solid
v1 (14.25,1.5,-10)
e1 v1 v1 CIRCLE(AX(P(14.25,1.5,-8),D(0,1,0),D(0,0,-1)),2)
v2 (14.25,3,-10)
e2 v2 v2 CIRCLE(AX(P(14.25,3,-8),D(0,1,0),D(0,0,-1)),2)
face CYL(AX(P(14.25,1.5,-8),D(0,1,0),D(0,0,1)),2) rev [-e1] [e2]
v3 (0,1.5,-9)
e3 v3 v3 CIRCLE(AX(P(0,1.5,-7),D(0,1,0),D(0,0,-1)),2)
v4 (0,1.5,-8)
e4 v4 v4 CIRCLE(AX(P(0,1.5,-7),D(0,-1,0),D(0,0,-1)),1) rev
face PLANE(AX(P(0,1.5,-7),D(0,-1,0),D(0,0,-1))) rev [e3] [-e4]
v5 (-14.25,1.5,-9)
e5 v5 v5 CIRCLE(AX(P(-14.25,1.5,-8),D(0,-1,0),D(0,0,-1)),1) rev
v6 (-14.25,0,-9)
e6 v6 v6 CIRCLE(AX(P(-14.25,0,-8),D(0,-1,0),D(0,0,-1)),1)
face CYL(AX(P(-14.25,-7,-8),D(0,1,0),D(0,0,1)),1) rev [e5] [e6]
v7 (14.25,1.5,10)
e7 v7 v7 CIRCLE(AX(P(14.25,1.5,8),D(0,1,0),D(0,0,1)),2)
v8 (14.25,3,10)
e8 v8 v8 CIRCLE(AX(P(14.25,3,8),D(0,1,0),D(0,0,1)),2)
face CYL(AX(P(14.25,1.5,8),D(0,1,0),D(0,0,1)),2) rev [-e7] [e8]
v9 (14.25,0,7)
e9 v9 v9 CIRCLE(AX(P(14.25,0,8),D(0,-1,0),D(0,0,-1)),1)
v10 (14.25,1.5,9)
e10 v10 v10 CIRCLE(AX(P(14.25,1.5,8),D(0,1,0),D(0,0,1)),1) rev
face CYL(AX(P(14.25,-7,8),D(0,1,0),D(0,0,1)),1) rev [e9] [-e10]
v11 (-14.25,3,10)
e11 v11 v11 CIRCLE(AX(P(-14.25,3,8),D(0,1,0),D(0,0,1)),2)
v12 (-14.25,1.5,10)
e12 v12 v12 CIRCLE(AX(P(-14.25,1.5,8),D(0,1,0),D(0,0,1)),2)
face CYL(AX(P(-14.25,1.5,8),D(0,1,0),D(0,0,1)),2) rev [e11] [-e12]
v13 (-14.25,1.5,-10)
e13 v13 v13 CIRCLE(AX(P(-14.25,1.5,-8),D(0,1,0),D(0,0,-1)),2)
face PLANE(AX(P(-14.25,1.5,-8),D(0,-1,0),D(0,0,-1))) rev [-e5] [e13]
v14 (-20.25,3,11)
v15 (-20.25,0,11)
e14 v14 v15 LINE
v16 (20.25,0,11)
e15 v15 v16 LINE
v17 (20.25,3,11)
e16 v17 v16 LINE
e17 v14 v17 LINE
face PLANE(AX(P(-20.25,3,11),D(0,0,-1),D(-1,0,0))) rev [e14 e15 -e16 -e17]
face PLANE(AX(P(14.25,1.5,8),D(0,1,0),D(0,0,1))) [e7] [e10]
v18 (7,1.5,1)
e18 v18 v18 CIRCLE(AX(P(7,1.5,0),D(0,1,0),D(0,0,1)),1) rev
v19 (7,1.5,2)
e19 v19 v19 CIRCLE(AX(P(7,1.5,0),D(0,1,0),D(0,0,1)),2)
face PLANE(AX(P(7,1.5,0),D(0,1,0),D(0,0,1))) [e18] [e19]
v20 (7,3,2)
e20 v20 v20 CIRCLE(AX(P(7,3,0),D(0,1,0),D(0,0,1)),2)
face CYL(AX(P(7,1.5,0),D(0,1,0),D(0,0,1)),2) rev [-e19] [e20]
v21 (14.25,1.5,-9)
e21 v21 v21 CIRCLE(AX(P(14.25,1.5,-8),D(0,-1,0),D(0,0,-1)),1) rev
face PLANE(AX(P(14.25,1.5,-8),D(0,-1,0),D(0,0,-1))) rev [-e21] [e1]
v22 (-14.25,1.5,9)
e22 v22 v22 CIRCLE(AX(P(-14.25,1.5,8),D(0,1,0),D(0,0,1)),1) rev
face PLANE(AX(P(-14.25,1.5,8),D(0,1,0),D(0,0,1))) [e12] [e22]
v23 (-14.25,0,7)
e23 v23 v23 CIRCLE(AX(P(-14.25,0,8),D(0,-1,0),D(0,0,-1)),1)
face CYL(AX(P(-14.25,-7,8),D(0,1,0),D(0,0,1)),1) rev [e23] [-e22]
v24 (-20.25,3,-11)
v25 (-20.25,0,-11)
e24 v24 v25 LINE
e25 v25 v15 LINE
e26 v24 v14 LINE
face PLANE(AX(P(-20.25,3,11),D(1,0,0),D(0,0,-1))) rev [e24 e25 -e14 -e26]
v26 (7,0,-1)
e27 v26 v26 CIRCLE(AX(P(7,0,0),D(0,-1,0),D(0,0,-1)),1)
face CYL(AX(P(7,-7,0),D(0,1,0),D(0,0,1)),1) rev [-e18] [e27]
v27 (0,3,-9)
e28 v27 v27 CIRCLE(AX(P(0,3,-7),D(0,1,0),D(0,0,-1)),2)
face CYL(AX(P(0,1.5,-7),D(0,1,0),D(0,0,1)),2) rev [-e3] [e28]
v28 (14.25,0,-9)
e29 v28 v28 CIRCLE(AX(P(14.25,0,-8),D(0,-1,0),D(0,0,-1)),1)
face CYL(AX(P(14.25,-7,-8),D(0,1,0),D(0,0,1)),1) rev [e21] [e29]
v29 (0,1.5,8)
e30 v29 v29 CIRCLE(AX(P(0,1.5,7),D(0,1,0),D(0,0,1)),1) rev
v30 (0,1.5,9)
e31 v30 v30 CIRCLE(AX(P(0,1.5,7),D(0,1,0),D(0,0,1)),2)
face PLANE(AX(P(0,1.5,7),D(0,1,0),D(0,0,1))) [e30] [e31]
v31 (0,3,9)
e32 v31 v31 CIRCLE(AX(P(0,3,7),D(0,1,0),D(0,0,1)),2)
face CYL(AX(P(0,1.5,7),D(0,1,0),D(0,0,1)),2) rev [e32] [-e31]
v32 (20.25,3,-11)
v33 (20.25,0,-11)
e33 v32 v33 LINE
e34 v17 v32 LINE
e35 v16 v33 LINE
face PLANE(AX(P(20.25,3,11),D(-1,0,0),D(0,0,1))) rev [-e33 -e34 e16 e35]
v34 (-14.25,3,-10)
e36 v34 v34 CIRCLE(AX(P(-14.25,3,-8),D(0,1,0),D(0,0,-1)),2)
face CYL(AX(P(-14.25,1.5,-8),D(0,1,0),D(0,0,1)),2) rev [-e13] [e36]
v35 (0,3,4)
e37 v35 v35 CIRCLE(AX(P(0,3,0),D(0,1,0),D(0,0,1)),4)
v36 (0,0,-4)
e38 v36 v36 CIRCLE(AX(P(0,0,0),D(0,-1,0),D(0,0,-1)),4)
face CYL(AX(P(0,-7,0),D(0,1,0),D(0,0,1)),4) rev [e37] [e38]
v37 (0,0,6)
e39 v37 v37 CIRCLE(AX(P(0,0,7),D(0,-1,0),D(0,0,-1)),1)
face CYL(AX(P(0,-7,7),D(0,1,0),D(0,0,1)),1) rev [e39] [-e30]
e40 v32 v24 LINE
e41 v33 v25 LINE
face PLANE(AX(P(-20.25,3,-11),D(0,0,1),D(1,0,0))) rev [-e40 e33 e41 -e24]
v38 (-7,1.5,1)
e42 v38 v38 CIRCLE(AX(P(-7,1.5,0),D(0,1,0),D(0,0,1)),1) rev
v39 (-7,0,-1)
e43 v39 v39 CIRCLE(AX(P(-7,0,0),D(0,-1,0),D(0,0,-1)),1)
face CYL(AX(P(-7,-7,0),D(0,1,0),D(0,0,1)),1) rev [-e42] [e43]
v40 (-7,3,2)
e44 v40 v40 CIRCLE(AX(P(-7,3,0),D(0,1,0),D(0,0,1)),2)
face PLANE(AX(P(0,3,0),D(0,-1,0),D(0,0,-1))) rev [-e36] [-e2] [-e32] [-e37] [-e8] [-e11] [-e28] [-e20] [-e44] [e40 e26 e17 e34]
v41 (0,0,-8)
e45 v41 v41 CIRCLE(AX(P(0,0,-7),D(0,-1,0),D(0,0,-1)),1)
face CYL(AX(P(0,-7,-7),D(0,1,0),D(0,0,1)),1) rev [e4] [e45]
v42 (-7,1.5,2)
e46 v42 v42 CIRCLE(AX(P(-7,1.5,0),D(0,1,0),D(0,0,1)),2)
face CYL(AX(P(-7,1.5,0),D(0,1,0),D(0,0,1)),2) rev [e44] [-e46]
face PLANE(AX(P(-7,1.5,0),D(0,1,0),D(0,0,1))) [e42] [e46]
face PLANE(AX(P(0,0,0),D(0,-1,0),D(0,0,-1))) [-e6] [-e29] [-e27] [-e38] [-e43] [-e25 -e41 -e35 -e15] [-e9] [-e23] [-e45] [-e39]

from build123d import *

# Parameters (mm, degrees)
SKETCH1_W           = 40.5
SKETCH1_H           = 22
BOSS_EXTRUDE1_DEPTH = 3
SKETCH2_R           = 1
CUT_EXTRUDE1_DEPTH  = 10
SKETCH3_R           = 4
CUT_EXTRUDE2_DEPTH  = 10
SKETCH4_R           = 1
CUT_EXTRUDE3_DEPTH  = 10
SKETCH5_R           = 2
CUT_EXTRUDE4_DEPTH  = 1.5


with BuildPart() as part:
    # Sketch1 → Boss-Extrude1 (new body)
    with BuildSketch(Plane(origin=(0, 0, 0), x_dir=(1, 0, 0), z_dir=(0, 1, 0))):
        Rectangle(SKETCH1_W, SKETCH1_H)
    extrude(amount=BOSS_EXTRUDE1_DEPTH)

    # Sketch2 → Cut-Extrude1 (cut)
    with BuildSketch(Plane(origin=(0, 3, 0), x_dir=(1, 0, 0), z_dir=(0, 1, 0))):
        with Locations((-14.25, 8)):
            Circle(SKETCH2_R)
        with Locations((-14.25, -8)):
            Circle(SKETCH2_R)
        with Locations((14.25, -8)):
            Circle(SKETCH2_R)
        with Locations((14.25, 8)):
            Circle(SKETCH2_R)
    extrude(amount=-CUT_EXTRUDE1_DEPTH, mode=Mode.SUBTRACT)

    # Sketch3 → Cut-Extrude2 (cut)
    with BuildSketch(Plane(origin=(0, 3, 0), x_dir=(1, 0, 0), z_dir=(0, 1, 0))):
        Circle(SKETCH3_R)
    extrude(amount=-CUT_EXTRUDE2_DEPTH, mode=Mode.SUBTRACT)

    # Sketch4 → Cut-Extrude3 (cut)
    with BuildSketch(Plane(origin=(0, 3, 0), x_dir=(1, 0, 0), z_dir=(0, 1, 0))):
        with Locations((0, 7)):
            Circle(SKETCH4_R)
        with Locations((7, 0)):
            Circle(SKETCH4_R)
        with Locations((0, -7)):
            Circle(SKETCH4_R)
        with Locations((-7, 0)):
            Circle(SKETCH4_R)
    extrude(amount=-CUT_EXTRUDE3_DEPTH, mode=Mode.SUBTRACT)

    # Sketch5 → Cut-Extrude4 (cut)
    with BuildSketch(Plane(origin=(0, 3, 0), x_dir=(1, 0, 0), z_dir=(0, 1, 0))):
        with Locations((14.25, 8)):
            Circle(SKETCH5_R)
        with Locations((0, 7)):
            Circle(SKETCH5_R)
        with Locations((-14.25, 8)):
            Circle(SKETCH5_R)
        with Locations((7, 0)):
            Circle(SKETCH5_R)
        with Locations((-7, 0)):
            Circle(SKETCH5_R)
        with Locations((-14.25, -8)):
            Circle(SKETCH5_R)
        with Locations((0, -7)):
            Circle(SKETCH5_R)
        with Locations((14.25, -8)):
            Circle(SKETCH5_R)
    extrude(amount=-CUT_EXTRUDE4_DEPTH, mode=Mode.SUBTRACT)


solid = part.part
